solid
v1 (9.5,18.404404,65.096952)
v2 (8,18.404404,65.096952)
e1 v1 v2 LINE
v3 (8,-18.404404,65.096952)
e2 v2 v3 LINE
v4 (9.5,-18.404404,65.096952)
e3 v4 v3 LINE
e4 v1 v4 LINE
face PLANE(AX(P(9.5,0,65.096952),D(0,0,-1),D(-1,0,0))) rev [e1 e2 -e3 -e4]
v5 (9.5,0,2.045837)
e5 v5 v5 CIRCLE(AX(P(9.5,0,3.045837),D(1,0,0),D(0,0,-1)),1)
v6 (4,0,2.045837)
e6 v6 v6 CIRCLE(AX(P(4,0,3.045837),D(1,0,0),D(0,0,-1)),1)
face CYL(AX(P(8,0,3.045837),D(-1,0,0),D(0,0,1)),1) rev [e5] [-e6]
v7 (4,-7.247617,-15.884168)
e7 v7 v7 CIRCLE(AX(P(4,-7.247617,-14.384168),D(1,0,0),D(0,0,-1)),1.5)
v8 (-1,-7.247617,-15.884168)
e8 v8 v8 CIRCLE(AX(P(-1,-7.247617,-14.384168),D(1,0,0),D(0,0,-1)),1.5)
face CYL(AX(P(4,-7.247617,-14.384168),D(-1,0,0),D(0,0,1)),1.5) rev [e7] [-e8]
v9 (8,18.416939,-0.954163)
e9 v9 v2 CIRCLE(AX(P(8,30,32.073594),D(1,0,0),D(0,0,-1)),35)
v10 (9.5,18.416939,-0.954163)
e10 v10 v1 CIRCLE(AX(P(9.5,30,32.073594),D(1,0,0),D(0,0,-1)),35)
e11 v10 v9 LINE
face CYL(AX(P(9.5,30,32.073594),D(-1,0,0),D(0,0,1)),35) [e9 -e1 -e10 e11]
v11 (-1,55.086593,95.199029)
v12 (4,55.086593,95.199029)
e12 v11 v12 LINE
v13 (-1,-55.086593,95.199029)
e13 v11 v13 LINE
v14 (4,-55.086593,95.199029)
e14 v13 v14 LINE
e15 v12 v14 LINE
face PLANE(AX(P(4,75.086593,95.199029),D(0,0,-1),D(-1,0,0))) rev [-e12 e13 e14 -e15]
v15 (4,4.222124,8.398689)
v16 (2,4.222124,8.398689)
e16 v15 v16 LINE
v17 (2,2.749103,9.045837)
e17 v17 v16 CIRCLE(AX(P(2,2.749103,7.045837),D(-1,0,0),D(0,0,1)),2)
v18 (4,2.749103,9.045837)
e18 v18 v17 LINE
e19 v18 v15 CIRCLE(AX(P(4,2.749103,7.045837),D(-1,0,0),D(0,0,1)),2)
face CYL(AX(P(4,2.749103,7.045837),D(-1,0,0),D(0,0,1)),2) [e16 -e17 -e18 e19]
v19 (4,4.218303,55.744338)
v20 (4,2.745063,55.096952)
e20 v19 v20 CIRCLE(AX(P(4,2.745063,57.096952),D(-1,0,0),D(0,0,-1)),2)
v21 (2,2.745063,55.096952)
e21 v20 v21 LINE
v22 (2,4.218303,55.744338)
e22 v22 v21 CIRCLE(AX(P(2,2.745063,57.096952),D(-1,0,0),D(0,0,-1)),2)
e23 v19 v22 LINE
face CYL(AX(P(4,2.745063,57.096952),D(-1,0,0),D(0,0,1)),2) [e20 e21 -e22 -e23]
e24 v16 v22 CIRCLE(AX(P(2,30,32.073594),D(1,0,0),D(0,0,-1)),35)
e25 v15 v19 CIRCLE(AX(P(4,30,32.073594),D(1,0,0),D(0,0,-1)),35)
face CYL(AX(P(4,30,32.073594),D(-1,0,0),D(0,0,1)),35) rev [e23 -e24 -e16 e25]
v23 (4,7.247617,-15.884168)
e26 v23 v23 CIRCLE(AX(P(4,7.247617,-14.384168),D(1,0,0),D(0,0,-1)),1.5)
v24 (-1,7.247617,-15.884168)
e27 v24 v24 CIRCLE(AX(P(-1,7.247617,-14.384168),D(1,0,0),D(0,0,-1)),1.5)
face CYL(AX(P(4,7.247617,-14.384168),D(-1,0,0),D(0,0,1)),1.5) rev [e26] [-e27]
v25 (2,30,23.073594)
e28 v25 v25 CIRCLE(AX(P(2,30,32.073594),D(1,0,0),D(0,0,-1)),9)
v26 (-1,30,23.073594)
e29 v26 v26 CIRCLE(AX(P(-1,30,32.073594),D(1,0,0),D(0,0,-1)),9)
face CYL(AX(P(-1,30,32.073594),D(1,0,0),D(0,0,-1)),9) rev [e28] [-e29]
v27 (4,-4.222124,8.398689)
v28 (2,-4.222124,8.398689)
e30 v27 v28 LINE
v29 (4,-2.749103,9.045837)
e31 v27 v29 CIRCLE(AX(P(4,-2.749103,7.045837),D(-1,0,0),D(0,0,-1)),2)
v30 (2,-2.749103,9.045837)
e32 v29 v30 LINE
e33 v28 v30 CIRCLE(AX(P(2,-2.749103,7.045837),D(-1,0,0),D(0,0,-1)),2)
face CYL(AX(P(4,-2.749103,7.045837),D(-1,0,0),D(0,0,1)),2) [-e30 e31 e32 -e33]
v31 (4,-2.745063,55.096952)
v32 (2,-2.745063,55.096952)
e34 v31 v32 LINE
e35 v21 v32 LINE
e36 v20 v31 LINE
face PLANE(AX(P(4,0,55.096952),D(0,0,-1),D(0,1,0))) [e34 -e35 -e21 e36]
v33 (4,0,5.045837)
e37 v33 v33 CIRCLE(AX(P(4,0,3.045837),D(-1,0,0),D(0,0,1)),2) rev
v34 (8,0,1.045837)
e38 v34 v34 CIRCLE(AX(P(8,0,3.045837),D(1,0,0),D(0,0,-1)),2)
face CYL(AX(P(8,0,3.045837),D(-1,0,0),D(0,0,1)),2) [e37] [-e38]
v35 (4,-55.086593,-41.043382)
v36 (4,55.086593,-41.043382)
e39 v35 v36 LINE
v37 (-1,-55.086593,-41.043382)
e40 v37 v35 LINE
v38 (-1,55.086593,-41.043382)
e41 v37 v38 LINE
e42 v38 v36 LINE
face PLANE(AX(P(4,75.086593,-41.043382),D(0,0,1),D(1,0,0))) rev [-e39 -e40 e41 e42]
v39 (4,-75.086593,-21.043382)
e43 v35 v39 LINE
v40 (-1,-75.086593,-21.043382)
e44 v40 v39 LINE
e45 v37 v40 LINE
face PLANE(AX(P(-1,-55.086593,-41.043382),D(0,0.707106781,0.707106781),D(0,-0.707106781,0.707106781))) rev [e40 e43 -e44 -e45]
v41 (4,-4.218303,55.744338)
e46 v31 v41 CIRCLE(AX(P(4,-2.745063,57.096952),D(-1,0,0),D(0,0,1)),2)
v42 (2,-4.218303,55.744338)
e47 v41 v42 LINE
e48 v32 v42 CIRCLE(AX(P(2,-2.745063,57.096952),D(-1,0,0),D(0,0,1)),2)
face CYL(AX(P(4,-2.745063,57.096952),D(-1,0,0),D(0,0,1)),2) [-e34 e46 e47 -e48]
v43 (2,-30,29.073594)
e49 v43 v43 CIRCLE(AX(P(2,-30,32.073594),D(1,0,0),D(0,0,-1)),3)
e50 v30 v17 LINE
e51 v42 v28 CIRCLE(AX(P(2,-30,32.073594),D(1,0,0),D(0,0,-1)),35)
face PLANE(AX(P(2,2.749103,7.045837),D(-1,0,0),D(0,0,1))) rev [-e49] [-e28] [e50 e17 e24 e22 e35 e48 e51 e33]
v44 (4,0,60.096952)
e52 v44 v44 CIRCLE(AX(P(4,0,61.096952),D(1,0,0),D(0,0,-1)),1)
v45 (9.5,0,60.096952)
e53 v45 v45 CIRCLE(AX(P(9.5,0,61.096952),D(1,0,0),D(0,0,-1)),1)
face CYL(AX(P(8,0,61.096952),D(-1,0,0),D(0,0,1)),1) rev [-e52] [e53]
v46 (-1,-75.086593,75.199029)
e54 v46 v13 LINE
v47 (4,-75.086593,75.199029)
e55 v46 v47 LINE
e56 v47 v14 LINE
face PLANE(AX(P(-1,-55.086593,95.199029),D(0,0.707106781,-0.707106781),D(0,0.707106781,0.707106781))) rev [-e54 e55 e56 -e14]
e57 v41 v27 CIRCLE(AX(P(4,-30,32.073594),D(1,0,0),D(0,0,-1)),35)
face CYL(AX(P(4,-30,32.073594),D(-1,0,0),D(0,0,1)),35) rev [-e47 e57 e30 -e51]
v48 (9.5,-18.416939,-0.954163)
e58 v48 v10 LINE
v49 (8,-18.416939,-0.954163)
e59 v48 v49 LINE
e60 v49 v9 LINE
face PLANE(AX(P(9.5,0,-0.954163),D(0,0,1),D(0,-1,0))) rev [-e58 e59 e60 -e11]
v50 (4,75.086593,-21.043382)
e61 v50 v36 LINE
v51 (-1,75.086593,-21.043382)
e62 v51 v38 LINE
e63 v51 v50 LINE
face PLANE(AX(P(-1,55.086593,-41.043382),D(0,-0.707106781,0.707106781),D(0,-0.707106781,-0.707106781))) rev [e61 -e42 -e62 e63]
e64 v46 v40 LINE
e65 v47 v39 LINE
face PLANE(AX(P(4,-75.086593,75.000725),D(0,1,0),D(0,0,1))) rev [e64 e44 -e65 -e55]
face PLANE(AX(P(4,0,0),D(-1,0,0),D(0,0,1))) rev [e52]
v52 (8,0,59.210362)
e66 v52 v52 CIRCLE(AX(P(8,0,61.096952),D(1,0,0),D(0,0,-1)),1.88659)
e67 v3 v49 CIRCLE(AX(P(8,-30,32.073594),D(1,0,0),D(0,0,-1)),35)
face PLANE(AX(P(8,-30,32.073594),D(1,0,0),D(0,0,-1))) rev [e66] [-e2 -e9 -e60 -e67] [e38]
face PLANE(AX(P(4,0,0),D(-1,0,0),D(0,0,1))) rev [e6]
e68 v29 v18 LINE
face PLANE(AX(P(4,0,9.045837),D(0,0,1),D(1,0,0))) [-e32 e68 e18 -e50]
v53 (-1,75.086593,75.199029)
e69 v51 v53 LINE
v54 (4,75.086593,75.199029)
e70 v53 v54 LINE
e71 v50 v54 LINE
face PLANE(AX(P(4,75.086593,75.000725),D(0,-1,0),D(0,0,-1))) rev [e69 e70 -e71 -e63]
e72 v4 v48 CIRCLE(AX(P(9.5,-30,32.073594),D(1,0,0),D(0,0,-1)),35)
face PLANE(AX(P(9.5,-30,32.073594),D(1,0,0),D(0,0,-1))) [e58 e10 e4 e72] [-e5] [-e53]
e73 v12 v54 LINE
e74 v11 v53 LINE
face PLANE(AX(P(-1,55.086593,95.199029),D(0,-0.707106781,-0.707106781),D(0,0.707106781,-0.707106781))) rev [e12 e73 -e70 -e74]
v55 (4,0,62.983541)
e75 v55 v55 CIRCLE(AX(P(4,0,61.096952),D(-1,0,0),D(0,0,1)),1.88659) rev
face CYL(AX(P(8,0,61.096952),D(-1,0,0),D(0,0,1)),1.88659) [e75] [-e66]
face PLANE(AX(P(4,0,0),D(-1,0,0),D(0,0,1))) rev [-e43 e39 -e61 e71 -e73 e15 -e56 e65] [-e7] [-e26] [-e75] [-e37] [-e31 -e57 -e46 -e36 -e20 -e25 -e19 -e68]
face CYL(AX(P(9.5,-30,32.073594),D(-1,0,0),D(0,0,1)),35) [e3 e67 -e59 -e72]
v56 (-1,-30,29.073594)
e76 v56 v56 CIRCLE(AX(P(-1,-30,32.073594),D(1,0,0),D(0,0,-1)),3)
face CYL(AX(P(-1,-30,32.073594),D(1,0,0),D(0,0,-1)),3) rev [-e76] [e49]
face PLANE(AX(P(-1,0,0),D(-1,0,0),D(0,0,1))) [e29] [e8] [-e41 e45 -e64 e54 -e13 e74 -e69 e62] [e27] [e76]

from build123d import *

# Parameters (mm, degrees)
BOSS_EXTRUDE1_DEPTH      = 4
BOSS_EXTRUDE1_DEPTH_BACK = 1
SKETCH1_R                = 1.5
CUT_EXTRUDE2_DEPTH       = 122.350119937
BOSS_EXTRUDE2_START      = -5
BOSS_EXTRUDE2_DEPTH      = 3
SKETCH10_R               = 9
SKETCH10_R_2             = 3
CUT_EXTRUDE3_DEPTH       = 3
SKETCH11_R               = 1.886589546
SKETCH11_R_2             = 1
SKETCH11_R_3             = 2
BOSS_EXTRUDE3_DEPTH      = 4
SKETCH12_R               = 1
BOSS_EXTRUDE4_DEPTH      = 1.5


with BuildPart() as part:
    # Sketch1 → Boss-Extrude1 (new, two sides: drawn at the far end of the back side and taken through both)
    with BuildSketch(Plane(origin=(0, 0, 0), x_dir=(0, 0, -1), z_dir=(1, 0, 0)).offset(-BOSS_EXTRUDE1_DEPTH_BACK)):
        Polygon((-75.000724601, -75.086592855), (41.04338169, -75.086592855), (41.04338169, 75.086592855), (-75.000724601, 75.086592855), (-95.199029314, 75.086592855), (-95.199029314, -75.086592855), align=None)
        with Locations((14.384168299, 7.24761685)):
            Circle(SKETCH1_R, mode=Mode.SUBTRACT)
        with Locations((14.384168299, -7.24761685)):
            Circle(SKETCH1_R, mode=Mode.SUBTRACT)
        with BuildLine():
            Line((-55.096951607, 0), (-55.096951607, 2.745063445))
            ThreePointArc((-55.096951607, 2.745063445), (-55.265937152, 3.549666494), (-55.744337674, 4.218303259))
            ThreePointArc((-55.744337674, 4.218303259), (-32.076418352, 64.999999886), (-8.39868917, 4.222124053))
            ThreePointArc((-8.39868917, 4.222124053), (-8.876916854, 3.553557854), (-9.045837474, 2.74910257))
            Line((-9.045837474, 2.74910257), (-9.045837474, 0))
            Line((-9.045837474, 0), (-9.045837474, -2.74910257))
            ThreePointArc((-9.045837474, -2.74910257), (-8.876916854, -3.553557854), (-8.39868917, -4.222124053))
            ThreePointArc((-8.39868917, -4.222124053), (-32.076418352, -64.999999886), (-55.744337674, -4.218303259))
            ThreePointArc((-55.744337674, -4.218303259), (-55.265937152, -3.549666494), (-55.096951607, -2.745063445))
            Line((-55.096951607, -2.745063445), (-55.096951607, 0))
        make_face(mode=Mode.SUBTRACT)
    extrude(amount=BOSS_EXTRUDE1_DEPTH + BOSS_EXTRUDE1_DEPTH_BACK)

    # Sketch8 → Cut-Extrude2 (cut, through all)
    with BuildSketch(Plane(origin=(4, 0, 0), x_dir=(0, 0, -1), z_dir=(1, 0, 0))):
        Polygon((41.04338169, 75.086592855), (41.04338169, 55.086592855), (21.04338169, 75.086592855), align=None)
        Polygon((41.04338169, -75.086592855), (41.04338169, -55.086592855), (21.04338169, -75.086592855), align=None)
        Polygon((-95.199029314, 55.086592855), (-95.199029314, 75.086592855), (-75.199029314, 75.086592855), align=None)
        Polygon((-95.199029314, -55.086592855), (-95.199029314, -75.086592855), (-75.199029314, -75.086592855), align=None)
    extrude(amount=-CUT_EXTRUDE2_DEPTH, mode=Mode.SUBTRACT)

    # Sketch9 → Boss-Extrude2 (add)
    with BuildSketch(Plane(origin=(4, 0, 0), x_dir=(0, 0, -1), z_dir=(1, 0, 0)).offset(BOSS_EXTRUDE2_START)):
        with BuildLine():
            Line((-55.096951607, 0), (-55.096951607, 2.745063445))
            ThreePointArc((-55.096951607, 2.745063445), (-55.265937152, 3.549666494), (-55.744337674, 4.218303259))
            ThreePointArc((-55.744337674, 4.218303259), (-32.076418352, 64.999999886), (-8.39868917, 4.222124053))
            ThreePointArc((-8.39868917, 4.222124053), (-8.876916854, 3.553557854), (-9.045837474, 2.74910257))
            Line((-9.045837474, 2.74910257), (-9.045837474, 0))
            Line((-9.045837474, 0), (-9.045837474, -2.74910257))
            ThreePointArc((-9.045837474, -2.74910257), (-8.876916854, -3.553557854), (-8.39868917, -4.222124053))
            ThreePointArc((-8.39868917, -4.222124053), (-32.076418352, -64.999999886), (-55.744337674, -4.218303259))
            ThreePointArc((-55.744337674, -4.218303259), (-55.265937152, -3.549666494), (-55.096951607, -2.745063445))
            Line((-55.096951607, -2.745063445), (-55.096951607, 0))
        make_face()
    extrude(amount=BOSS_EXTRUDE2_DEPTH)

    # Sketch10 → Cut-Extrude3 (cut)
    with BuildSketch(Plane(origin=(2, 0, 0), x_dir=(0, 0, -1), z_dir=(1, 0, 0))):
        with Locations((-32.073593851, 30)):
            Circle(SKETCH10_R)
        with Locations((-32.073593851, -30)):
            Circle(SKETCH10_R_2)
    extrude(amount=-CUT_EXTRUDE3_DEPTH, mode=Mode.SUBTRACT)

    # Sketch11 → Boss-Extrude3 (add)
    # profile 1 of 2: a face of its own
    with BuildSketch(Plane(origin=(4, 0, 0), x_dir=(0, 0, -1), z_dir=(1, 0, 0))):
        with Locations(Location((-61.096951607, 0, 0), (0, 0, 180))):
            Circle(SKETCH11_R)
        with Locations((-61.096951607, 0)):
            Circle(SKETCH11_R_2, mode=Mode.SUBTRACT)
    # profile 2 of 2: a face of its own
    with BuildSketch(Plane(origin=(4, 0, 0), x_dir=(0, 0, -1), z_dir=(1, 0, 0))):
        with Locations(Location((-3.045837474, 0, 0), (0, 0, 180))):
            Circle(SKETCH11_R_3)
        with Locations((-3.045837474, 0)):
            Circle(SKETCH11_R_2, mode=Mode.SUBTRACT)
    extrude(amount=BOSS_EXTRUDE3_DEPTH)

    # Sketch12 → Boss-Extrude4 (add)
    with BuildSketch(Plane(origin=(8, 0, 0), x_dir=(0, 0, -1), z_dir=(1, 0, 0))):
        with BuildLine():
            Line((-65.096951607, 0), (-65.096951607, 18.404404175))
            ThreePointArc((-65.096951607, 18.404404175), (-32.080235813, 64.99999937), (0.954162526, 18.416938717))
            Line((0.954162526, 18.416938717), (0.954162526, 0))
            Line((0.954162526, 0), (0.954162526, -18.416938717))
            ThreePointArc((0.954162526, -18.416938717), (-32.080235813, -64.99999937), (-65.096951607, -18.404404175))
            Line((-65.096951607, -18.404404175), (-65.096951607, 0))
        make_face()
        with Locations((-61.096951607, 0)):
            Circle(SKETCH12_R, mode=Mode.SUBTRACT)
        with Locations((-3.045837474, 0)):
            Circle(SKETCH12_R, mode=Mode.SUBTRACT)
    extrude(amount=BOSS_EXTRUDE4_DEPTH)


solid = part.part
